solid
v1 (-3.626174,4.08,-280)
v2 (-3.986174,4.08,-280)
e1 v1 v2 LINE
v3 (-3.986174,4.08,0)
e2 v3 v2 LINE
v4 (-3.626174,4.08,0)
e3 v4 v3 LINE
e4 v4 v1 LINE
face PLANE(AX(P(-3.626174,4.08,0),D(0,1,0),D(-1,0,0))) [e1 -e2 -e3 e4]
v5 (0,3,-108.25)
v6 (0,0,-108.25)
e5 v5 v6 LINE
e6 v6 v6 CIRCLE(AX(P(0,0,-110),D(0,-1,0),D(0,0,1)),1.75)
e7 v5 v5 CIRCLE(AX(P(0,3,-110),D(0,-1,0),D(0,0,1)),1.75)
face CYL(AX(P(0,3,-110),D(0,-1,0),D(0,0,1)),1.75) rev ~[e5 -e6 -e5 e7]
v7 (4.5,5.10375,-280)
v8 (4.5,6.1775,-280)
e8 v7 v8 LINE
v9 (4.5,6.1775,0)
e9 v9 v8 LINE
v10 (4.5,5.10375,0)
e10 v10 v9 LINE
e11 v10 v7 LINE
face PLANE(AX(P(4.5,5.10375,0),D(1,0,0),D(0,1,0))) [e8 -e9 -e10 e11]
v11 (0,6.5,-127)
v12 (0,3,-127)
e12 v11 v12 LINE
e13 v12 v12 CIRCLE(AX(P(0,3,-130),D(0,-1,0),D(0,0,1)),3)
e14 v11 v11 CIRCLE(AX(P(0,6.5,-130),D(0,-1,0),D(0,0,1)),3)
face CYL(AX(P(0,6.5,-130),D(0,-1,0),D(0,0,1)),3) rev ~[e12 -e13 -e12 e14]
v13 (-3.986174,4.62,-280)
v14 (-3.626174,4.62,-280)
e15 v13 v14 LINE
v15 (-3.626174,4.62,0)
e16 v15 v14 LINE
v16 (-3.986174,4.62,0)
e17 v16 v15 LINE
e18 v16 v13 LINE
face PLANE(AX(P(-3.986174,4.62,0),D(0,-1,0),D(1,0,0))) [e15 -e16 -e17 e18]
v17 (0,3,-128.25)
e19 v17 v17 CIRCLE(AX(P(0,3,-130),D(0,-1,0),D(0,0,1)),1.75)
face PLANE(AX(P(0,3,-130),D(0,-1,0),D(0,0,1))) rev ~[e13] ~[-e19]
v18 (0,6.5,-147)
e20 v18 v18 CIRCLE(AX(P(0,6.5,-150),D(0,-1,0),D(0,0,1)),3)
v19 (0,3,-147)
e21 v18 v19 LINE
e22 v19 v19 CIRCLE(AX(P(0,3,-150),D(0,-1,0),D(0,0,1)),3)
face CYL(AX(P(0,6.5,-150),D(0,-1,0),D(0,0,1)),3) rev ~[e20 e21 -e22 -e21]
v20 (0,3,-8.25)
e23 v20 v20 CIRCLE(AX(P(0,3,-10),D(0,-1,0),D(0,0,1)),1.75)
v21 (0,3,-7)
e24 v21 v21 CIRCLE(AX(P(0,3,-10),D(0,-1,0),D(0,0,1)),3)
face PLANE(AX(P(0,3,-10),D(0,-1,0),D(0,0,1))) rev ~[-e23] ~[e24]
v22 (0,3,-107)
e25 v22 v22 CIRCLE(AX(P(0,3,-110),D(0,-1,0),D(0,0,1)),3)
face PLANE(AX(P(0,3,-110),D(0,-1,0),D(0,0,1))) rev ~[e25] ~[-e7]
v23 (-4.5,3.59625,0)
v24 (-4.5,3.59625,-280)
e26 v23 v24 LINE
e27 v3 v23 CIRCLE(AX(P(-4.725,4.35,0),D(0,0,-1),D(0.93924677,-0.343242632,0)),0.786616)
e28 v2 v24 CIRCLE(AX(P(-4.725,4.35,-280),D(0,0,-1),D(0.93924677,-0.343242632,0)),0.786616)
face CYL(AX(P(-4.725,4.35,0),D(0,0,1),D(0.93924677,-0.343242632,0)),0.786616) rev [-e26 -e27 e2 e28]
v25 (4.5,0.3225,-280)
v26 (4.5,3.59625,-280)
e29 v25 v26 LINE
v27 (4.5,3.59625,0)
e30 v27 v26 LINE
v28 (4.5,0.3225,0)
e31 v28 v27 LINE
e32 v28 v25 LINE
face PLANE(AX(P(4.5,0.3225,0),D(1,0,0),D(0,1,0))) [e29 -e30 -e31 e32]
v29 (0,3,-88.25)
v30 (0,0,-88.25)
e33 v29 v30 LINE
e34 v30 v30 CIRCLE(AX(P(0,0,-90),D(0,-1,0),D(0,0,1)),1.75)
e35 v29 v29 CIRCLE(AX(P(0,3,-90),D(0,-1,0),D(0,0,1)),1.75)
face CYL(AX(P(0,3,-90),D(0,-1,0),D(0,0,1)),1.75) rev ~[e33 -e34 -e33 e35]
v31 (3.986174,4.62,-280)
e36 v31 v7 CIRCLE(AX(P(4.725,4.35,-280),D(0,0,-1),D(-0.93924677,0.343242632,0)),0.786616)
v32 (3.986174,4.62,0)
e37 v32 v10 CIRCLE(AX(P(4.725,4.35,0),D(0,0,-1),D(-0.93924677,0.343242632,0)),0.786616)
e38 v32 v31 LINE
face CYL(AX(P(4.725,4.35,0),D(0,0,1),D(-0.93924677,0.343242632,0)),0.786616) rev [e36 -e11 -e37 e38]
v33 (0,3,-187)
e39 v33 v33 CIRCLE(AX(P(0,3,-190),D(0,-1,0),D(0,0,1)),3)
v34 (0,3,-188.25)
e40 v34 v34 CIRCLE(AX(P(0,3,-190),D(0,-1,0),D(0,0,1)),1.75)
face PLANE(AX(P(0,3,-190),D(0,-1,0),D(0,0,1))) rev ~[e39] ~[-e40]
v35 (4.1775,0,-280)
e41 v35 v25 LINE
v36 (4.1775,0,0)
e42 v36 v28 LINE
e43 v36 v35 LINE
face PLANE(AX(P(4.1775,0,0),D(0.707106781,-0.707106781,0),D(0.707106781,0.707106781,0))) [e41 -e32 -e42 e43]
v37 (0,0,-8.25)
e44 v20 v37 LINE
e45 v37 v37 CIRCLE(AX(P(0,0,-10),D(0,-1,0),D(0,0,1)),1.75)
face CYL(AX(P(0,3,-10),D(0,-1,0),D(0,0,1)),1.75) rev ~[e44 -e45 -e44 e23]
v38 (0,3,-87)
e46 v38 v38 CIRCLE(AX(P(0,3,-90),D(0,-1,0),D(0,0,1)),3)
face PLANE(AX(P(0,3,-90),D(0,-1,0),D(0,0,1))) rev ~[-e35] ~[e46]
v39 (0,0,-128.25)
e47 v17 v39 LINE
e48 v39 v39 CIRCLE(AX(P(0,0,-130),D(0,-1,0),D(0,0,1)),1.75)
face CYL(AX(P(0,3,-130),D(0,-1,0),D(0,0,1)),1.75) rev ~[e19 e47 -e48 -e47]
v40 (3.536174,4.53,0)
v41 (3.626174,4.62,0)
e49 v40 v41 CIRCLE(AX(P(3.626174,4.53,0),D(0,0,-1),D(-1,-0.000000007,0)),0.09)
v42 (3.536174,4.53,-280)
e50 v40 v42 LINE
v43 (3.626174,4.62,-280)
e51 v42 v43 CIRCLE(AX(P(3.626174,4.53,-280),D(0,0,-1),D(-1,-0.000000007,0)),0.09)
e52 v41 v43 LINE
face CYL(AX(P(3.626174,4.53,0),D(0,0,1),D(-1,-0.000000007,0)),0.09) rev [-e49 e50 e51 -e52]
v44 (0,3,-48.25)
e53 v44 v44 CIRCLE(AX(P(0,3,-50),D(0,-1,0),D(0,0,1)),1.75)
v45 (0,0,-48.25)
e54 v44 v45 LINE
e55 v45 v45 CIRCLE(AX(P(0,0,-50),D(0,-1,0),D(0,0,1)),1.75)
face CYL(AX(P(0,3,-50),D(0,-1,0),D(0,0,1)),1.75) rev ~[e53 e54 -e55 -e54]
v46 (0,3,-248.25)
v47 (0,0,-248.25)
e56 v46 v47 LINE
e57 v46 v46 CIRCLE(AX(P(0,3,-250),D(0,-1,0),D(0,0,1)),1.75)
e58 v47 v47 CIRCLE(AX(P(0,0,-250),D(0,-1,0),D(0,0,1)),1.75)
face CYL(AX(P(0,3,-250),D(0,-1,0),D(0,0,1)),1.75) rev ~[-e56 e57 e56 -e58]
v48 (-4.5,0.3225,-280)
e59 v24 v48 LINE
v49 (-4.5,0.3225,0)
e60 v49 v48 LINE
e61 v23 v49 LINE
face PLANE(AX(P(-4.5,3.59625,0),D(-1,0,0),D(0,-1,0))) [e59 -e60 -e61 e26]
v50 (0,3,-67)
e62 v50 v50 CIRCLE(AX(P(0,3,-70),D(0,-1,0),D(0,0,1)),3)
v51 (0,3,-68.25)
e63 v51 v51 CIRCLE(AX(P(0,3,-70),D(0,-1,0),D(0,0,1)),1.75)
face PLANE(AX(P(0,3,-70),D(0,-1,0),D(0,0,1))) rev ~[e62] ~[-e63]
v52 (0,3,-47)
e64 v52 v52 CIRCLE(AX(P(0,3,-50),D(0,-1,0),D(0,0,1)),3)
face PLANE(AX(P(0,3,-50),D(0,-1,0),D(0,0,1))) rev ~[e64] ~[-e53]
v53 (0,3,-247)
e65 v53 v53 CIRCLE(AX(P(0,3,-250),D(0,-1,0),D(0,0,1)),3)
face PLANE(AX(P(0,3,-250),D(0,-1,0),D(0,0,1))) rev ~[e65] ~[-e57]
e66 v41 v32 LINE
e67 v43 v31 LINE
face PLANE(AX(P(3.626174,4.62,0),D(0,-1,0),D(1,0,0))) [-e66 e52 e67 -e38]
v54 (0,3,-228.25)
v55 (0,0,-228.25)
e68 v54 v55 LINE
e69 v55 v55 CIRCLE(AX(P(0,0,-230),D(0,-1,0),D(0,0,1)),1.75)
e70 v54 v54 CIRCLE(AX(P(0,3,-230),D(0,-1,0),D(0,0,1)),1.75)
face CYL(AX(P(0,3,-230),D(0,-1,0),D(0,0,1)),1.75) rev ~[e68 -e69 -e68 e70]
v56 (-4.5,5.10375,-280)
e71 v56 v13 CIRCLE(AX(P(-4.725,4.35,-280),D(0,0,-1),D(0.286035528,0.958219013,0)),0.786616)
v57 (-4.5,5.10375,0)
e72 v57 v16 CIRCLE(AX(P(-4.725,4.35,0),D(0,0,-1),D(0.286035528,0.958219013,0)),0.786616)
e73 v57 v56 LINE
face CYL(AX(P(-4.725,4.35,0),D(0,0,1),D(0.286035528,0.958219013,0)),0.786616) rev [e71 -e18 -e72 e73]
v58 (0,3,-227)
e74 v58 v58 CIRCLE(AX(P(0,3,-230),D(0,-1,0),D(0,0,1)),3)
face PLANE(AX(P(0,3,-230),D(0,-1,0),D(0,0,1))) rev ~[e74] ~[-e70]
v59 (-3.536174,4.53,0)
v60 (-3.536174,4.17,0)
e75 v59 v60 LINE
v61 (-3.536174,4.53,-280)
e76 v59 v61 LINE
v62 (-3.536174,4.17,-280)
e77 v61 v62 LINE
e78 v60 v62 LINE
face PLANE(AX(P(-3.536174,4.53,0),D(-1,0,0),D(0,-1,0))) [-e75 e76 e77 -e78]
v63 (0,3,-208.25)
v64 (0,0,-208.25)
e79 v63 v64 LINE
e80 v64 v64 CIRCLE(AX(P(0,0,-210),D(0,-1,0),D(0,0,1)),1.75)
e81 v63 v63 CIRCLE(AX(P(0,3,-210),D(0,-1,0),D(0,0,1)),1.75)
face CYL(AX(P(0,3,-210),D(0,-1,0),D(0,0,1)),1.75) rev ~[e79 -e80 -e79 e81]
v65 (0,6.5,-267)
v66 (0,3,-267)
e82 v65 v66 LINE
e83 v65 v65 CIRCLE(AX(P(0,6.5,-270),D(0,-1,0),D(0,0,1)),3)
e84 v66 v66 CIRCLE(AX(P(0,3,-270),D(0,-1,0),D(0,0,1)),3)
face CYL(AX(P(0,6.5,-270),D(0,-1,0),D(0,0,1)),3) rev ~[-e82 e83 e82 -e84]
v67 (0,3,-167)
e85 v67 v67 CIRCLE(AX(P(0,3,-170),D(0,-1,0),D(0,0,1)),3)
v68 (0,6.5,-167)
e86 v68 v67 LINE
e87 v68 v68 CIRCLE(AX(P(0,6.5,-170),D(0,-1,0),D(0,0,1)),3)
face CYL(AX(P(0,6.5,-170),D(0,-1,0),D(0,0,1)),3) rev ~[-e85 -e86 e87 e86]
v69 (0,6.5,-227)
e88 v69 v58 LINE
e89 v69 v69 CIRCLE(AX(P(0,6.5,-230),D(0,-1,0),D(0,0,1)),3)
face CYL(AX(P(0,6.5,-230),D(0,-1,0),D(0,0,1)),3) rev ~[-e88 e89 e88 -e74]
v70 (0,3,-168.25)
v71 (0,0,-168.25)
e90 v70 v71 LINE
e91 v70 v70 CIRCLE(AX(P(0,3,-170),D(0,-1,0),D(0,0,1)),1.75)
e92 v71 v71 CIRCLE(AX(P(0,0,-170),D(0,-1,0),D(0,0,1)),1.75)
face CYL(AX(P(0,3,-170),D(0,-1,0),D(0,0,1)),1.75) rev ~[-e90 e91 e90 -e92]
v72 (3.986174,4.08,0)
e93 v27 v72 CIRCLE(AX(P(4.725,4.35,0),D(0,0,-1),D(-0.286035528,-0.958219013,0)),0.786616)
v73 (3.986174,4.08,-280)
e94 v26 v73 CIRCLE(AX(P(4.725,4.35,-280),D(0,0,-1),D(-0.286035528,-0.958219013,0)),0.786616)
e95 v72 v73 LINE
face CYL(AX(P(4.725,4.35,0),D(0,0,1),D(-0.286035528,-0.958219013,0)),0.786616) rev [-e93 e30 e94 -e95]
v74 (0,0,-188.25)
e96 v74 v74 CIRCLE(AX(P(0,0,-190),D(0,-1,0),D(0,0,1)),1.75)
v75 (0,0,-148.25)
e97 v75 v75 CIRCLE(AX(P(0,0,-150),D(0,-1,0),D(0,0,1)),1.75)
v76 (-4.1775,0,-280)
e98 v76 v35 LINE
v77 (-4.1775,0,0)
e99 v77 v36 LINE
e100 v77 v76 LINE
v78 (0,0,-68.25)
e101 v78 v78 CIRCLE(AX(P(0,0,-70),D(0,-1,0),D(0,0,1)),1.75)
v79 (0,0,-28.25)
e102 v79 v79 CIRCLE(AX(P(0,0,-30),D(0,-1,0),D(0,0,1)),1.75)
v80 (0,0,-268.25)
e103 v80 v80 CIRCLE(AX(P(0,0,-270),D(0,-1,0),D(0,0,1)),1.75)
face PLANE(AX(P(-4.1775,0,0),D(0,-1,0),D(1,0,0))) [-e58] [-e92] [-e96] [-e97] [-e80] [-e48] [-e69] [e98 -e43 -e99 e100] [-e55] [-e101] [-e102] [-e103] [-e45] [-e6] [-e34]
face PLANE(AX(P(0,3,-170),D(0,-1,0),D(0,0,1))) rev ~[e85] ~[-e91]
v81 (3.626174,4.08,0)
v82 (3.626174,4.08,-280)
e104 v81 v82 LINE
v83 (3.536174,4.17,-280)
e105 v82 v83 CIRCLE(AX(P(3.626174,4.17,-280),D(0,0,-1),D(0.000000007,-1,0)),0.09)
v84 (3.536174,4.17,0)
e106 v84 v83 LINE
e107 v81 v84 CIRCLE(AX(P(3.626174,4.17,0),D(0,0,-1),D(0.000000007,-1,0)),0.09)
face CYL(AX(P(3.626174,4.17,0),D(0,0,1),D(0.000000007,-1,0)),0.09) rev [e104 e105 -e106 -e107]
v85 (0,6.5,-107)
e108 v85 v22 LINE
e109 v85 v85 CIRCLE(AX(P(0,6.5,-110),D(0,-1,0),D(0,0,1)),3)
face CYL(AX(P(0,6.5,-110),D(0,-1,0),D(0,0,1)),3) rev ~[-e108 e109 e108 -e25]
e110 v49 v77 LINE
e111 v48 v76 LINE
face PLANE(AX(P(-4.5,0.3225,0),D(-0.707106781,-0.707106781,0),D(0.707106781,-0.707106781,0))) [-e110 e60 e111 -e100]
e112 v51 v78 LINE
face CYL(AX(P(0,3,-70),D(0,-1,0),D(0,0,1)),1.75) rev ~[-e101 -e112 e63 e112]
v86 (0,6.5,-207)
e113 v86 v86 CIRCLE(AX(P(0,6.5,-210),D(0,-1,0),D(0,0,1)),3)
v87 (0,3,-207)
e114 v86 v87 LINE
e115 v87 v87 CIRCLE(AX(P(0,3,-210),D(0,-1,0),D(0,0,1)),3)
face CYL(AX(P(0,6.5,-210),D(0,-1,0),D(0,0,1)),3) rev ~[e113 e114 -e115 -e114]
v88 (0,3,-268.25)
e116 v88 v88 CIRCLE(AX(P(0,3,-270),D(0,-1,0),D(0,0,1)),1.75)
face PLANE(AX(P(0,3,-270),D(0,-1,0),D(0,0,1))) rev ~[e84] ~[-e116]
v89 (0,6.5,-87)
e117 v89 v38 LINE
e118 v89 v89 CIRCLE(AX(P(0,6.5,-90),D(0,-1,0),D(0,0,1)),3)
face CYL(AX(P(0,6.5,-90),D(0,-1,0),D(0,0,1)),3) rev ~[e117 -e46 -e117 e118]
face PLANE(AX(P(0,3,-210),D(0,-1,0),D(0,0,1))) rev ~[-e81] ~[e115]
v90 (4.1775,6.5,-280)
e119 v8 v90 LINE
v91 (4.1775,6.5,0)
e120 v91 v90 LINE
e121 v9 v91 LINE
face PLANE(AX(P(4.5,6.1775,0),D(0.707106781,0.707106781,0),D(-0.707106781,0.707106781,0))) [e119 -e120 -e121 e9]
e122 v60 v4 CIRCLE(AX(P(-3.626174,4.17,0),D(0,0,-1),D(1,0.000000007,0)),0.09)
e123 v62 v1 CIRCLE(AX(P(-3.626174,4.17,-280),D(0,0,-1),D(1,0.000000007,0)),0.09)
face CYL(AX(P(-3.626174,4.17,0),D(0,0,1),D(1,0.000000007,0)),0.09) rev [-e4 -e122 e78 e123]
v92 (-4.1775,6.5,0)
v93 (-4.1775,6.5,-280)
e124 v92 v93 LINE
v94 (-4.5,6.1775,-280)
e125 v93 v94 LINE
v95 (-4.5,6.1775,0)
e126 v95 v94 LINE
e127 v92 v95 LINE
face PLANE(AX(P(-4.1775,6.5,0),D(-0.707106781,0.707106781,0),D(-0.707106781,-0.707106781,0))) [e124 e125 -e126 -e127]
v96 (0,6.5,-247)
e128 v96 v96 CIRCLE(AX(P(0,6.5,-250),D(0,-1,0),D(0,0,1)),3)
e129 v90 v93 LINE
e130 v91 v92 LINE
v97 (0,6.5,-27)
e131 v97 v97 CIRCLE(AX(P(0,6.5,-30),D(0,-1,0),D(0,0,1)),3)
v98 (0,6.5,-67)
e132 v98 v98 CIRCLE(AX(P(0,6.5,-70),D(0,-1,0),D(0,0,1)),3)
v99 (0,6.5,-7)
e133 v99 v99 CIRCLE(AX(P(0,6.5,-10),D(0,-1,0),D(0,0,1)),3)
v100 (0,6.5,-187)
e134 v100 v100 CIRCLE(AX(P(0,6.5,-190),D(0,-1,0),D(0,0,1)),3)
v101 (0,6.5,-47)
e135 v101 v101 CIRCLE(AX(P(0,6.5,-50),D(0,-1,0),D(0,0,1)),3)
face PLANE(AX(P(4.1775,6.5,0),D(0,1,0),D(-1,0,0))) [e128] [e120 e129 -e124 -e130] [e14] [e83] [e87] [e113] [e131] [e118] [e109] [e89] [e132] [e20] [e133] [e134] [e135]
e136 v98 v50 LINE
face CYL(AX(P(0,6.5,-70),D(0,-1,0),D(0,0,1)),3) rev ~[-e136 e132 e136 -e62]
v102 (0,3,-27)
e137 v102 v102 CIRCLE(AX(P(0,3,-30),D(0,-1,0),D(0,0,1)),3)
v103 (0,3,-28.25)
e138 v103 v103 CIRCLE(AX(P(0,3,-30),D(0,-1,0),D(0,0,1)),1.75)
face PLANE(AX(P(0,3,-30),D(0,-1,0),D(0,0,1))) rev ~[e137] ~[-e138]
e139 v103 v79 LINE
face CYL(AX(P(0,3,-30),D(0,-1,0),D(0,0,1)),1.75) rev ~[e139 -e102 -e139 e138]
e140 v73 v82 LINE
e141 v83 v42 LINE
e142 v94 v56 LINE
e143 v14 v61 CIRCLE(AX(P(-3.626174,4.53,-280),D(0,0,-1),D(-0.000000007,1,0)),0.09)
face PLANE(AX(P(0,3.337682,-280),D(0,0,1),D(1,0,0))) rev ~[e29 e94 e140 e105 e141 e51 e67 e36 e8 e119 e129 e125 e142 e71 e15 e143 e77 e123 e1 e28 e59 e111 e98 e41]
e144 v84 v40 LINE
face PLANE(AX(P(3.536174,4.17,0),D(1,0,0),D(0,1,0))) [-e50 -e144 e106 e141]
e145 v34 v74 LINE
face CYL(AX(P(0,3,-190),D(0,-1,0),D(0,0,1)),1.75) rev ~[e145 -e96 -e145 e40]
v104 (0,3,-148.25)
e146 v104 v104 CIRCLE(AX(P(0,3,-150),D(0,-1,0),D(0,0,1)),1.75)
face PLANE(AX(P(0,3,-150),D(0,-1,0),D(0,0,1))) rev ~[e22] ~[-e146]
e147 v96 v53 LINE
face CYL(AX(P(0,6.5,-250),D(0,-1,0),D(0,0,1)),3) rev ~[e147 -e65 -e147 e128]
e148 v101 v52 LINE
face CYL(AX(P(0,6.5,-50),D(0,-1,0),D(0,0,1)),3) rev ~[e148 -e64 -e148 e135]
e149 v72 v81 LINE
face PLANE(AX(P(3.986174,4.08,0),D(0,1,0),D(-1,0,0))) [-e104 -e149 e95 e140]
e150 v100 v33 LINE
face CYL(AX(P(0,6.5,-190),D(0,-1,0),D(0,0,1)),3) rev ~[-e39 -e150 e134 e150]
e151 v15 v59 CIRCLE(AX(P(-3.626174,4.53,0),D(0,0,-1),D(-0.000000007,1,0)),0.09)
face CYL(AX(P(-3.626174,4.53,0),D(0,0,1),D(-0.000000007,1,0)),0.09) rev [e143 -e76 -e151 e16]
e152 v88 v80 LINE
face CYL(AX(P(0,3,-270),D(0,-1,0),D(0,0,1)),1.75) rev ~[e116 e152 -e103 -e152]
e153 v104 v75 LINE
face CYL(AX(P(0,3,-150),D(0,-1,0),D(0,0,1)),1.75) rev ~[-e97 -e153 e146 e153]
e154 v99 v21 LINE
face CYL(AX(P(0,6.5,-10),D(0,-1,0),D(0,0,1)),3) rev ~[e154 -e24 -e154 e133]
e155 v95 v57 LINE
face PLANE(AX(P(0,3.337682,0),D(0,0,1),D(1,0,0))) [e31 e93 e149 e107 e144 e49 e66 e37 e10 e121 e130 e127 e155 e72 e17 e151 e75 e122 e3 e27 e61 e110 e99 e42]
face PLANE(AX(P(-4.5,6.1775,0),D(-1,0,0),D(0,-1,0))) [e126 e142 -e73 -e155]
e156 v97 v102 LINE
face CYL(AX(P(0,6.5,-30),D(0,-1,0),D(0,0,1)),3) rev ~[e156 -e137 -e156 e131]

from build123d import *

# Parameters (mm, degrees)
EXTRUDE_1_DEPTH        = 280
PATTERN_LINEAR_1_COUNT = 14
PATTERN_LINEAR_1_PITCH = 20


with BuildPart() as part:
    # 草图2 → 凸台-拉伸1 (new body)
    with BuildSketch(Plane.XY):
        with BuildLine():
            Line((4.1775, 6.5), (-4.1775, 6.5))
            Line((-4.1775, 6.5), (-4.5, 6.1775))
            Line((-4.5, 6.1775), (-4.5, 5.10375))
            ThreePointArc((-4.5, 5.10375), (-4.185793433, 4.9227306), (-3.986173862, 4.62))
            Line((-3.986173862, 4.62), (-3.626173862, 4.62))
            ThreePointArc((-3.626173862, 4.62), (-3.562534251, 4.59363961), (-3.536173862, 4.53))
            Line((-3.536173862, 4.53), (-3.536173862, 4.17))
            ThreePointArc((-3.536173862, 4.17), (-3.562534251, 4.10636039), (-3.626173862, 4.08))
            Line((-3.626173862, 4.08), (-3.986173862, 4.08))
            ThreePointArc((-3.986173862, 4.08), (-4.185793433, 3.7772694), (-4.5, 3.59625))
            Line((-4.5, 3.59625), (-4.5, 0.3225))
            Line((-4.5, 0.3225), (-4.1775, 0))
            Line((-4.1775, 0), (4.1775, 0))
            Line((4.1775, 0), (4.5, 0.3225))
            Line((4.5, 0.3225), (4.5, 3.59625))
            ThreePointArc((4.5, 3.59625), (4.185793433, 3.7772694), (3.986173862, 4.08))
            Line((3.986173862, 4.08), (3.626173862, 4.08))
            ThreePointArc((3.626173862, 4.08), (3.562534251, 4.10636039), (3.536173862, 4.17))
            Line((3.536173862, 4.17), (3.536173862, 4.53))
            ThreePointArc((3.536173862, 4.53), (3.562534251, 4.59363961), (3.626173862, 4.62))
            Line((3.626173862, 4.62), (3.986173862, 4.62))
            ThreePointArc((3.986173862, 4.62), (4.185793433, 4.9227306), (4.5, 5.10375))
            Line((4.5, 5.10375), (4.5, 6.1775))
            Line((4.5, 6.1775), (4.1775, 6.5))
        make_face()
    extrude(amount=-EXTRUDE_1_DEPTH)

    # 草图3 → 切除-旋转1 (revolve, cut)
    with BuildSketch(Plane(origin=(0, 0, 0), x_dir=(0, 0, -1), z_dir=(1, 0, 0))):
        Polygon((7, 6.5), (7, 3), (8.25, 3), (8.25, 0), (10, 0), (10, 6.5), align=None)
    cut_revolve_1 = revolve(axis=Axis((0, 6.5, -10), (0, -1, 0)), mode=Mode.SUBTRACT)

    # 阵列(线性)1: 切除-旋转1 ×14
    with Locations(*[(0, 0, -i * PATTERN_LINEAR_1_PITCH) for i in range(1, PATTERN_LINEAR_1_COUNT)]):
        add(cut_revolve_1, mode=Mode.SUBTRACT)


solid = part.part
